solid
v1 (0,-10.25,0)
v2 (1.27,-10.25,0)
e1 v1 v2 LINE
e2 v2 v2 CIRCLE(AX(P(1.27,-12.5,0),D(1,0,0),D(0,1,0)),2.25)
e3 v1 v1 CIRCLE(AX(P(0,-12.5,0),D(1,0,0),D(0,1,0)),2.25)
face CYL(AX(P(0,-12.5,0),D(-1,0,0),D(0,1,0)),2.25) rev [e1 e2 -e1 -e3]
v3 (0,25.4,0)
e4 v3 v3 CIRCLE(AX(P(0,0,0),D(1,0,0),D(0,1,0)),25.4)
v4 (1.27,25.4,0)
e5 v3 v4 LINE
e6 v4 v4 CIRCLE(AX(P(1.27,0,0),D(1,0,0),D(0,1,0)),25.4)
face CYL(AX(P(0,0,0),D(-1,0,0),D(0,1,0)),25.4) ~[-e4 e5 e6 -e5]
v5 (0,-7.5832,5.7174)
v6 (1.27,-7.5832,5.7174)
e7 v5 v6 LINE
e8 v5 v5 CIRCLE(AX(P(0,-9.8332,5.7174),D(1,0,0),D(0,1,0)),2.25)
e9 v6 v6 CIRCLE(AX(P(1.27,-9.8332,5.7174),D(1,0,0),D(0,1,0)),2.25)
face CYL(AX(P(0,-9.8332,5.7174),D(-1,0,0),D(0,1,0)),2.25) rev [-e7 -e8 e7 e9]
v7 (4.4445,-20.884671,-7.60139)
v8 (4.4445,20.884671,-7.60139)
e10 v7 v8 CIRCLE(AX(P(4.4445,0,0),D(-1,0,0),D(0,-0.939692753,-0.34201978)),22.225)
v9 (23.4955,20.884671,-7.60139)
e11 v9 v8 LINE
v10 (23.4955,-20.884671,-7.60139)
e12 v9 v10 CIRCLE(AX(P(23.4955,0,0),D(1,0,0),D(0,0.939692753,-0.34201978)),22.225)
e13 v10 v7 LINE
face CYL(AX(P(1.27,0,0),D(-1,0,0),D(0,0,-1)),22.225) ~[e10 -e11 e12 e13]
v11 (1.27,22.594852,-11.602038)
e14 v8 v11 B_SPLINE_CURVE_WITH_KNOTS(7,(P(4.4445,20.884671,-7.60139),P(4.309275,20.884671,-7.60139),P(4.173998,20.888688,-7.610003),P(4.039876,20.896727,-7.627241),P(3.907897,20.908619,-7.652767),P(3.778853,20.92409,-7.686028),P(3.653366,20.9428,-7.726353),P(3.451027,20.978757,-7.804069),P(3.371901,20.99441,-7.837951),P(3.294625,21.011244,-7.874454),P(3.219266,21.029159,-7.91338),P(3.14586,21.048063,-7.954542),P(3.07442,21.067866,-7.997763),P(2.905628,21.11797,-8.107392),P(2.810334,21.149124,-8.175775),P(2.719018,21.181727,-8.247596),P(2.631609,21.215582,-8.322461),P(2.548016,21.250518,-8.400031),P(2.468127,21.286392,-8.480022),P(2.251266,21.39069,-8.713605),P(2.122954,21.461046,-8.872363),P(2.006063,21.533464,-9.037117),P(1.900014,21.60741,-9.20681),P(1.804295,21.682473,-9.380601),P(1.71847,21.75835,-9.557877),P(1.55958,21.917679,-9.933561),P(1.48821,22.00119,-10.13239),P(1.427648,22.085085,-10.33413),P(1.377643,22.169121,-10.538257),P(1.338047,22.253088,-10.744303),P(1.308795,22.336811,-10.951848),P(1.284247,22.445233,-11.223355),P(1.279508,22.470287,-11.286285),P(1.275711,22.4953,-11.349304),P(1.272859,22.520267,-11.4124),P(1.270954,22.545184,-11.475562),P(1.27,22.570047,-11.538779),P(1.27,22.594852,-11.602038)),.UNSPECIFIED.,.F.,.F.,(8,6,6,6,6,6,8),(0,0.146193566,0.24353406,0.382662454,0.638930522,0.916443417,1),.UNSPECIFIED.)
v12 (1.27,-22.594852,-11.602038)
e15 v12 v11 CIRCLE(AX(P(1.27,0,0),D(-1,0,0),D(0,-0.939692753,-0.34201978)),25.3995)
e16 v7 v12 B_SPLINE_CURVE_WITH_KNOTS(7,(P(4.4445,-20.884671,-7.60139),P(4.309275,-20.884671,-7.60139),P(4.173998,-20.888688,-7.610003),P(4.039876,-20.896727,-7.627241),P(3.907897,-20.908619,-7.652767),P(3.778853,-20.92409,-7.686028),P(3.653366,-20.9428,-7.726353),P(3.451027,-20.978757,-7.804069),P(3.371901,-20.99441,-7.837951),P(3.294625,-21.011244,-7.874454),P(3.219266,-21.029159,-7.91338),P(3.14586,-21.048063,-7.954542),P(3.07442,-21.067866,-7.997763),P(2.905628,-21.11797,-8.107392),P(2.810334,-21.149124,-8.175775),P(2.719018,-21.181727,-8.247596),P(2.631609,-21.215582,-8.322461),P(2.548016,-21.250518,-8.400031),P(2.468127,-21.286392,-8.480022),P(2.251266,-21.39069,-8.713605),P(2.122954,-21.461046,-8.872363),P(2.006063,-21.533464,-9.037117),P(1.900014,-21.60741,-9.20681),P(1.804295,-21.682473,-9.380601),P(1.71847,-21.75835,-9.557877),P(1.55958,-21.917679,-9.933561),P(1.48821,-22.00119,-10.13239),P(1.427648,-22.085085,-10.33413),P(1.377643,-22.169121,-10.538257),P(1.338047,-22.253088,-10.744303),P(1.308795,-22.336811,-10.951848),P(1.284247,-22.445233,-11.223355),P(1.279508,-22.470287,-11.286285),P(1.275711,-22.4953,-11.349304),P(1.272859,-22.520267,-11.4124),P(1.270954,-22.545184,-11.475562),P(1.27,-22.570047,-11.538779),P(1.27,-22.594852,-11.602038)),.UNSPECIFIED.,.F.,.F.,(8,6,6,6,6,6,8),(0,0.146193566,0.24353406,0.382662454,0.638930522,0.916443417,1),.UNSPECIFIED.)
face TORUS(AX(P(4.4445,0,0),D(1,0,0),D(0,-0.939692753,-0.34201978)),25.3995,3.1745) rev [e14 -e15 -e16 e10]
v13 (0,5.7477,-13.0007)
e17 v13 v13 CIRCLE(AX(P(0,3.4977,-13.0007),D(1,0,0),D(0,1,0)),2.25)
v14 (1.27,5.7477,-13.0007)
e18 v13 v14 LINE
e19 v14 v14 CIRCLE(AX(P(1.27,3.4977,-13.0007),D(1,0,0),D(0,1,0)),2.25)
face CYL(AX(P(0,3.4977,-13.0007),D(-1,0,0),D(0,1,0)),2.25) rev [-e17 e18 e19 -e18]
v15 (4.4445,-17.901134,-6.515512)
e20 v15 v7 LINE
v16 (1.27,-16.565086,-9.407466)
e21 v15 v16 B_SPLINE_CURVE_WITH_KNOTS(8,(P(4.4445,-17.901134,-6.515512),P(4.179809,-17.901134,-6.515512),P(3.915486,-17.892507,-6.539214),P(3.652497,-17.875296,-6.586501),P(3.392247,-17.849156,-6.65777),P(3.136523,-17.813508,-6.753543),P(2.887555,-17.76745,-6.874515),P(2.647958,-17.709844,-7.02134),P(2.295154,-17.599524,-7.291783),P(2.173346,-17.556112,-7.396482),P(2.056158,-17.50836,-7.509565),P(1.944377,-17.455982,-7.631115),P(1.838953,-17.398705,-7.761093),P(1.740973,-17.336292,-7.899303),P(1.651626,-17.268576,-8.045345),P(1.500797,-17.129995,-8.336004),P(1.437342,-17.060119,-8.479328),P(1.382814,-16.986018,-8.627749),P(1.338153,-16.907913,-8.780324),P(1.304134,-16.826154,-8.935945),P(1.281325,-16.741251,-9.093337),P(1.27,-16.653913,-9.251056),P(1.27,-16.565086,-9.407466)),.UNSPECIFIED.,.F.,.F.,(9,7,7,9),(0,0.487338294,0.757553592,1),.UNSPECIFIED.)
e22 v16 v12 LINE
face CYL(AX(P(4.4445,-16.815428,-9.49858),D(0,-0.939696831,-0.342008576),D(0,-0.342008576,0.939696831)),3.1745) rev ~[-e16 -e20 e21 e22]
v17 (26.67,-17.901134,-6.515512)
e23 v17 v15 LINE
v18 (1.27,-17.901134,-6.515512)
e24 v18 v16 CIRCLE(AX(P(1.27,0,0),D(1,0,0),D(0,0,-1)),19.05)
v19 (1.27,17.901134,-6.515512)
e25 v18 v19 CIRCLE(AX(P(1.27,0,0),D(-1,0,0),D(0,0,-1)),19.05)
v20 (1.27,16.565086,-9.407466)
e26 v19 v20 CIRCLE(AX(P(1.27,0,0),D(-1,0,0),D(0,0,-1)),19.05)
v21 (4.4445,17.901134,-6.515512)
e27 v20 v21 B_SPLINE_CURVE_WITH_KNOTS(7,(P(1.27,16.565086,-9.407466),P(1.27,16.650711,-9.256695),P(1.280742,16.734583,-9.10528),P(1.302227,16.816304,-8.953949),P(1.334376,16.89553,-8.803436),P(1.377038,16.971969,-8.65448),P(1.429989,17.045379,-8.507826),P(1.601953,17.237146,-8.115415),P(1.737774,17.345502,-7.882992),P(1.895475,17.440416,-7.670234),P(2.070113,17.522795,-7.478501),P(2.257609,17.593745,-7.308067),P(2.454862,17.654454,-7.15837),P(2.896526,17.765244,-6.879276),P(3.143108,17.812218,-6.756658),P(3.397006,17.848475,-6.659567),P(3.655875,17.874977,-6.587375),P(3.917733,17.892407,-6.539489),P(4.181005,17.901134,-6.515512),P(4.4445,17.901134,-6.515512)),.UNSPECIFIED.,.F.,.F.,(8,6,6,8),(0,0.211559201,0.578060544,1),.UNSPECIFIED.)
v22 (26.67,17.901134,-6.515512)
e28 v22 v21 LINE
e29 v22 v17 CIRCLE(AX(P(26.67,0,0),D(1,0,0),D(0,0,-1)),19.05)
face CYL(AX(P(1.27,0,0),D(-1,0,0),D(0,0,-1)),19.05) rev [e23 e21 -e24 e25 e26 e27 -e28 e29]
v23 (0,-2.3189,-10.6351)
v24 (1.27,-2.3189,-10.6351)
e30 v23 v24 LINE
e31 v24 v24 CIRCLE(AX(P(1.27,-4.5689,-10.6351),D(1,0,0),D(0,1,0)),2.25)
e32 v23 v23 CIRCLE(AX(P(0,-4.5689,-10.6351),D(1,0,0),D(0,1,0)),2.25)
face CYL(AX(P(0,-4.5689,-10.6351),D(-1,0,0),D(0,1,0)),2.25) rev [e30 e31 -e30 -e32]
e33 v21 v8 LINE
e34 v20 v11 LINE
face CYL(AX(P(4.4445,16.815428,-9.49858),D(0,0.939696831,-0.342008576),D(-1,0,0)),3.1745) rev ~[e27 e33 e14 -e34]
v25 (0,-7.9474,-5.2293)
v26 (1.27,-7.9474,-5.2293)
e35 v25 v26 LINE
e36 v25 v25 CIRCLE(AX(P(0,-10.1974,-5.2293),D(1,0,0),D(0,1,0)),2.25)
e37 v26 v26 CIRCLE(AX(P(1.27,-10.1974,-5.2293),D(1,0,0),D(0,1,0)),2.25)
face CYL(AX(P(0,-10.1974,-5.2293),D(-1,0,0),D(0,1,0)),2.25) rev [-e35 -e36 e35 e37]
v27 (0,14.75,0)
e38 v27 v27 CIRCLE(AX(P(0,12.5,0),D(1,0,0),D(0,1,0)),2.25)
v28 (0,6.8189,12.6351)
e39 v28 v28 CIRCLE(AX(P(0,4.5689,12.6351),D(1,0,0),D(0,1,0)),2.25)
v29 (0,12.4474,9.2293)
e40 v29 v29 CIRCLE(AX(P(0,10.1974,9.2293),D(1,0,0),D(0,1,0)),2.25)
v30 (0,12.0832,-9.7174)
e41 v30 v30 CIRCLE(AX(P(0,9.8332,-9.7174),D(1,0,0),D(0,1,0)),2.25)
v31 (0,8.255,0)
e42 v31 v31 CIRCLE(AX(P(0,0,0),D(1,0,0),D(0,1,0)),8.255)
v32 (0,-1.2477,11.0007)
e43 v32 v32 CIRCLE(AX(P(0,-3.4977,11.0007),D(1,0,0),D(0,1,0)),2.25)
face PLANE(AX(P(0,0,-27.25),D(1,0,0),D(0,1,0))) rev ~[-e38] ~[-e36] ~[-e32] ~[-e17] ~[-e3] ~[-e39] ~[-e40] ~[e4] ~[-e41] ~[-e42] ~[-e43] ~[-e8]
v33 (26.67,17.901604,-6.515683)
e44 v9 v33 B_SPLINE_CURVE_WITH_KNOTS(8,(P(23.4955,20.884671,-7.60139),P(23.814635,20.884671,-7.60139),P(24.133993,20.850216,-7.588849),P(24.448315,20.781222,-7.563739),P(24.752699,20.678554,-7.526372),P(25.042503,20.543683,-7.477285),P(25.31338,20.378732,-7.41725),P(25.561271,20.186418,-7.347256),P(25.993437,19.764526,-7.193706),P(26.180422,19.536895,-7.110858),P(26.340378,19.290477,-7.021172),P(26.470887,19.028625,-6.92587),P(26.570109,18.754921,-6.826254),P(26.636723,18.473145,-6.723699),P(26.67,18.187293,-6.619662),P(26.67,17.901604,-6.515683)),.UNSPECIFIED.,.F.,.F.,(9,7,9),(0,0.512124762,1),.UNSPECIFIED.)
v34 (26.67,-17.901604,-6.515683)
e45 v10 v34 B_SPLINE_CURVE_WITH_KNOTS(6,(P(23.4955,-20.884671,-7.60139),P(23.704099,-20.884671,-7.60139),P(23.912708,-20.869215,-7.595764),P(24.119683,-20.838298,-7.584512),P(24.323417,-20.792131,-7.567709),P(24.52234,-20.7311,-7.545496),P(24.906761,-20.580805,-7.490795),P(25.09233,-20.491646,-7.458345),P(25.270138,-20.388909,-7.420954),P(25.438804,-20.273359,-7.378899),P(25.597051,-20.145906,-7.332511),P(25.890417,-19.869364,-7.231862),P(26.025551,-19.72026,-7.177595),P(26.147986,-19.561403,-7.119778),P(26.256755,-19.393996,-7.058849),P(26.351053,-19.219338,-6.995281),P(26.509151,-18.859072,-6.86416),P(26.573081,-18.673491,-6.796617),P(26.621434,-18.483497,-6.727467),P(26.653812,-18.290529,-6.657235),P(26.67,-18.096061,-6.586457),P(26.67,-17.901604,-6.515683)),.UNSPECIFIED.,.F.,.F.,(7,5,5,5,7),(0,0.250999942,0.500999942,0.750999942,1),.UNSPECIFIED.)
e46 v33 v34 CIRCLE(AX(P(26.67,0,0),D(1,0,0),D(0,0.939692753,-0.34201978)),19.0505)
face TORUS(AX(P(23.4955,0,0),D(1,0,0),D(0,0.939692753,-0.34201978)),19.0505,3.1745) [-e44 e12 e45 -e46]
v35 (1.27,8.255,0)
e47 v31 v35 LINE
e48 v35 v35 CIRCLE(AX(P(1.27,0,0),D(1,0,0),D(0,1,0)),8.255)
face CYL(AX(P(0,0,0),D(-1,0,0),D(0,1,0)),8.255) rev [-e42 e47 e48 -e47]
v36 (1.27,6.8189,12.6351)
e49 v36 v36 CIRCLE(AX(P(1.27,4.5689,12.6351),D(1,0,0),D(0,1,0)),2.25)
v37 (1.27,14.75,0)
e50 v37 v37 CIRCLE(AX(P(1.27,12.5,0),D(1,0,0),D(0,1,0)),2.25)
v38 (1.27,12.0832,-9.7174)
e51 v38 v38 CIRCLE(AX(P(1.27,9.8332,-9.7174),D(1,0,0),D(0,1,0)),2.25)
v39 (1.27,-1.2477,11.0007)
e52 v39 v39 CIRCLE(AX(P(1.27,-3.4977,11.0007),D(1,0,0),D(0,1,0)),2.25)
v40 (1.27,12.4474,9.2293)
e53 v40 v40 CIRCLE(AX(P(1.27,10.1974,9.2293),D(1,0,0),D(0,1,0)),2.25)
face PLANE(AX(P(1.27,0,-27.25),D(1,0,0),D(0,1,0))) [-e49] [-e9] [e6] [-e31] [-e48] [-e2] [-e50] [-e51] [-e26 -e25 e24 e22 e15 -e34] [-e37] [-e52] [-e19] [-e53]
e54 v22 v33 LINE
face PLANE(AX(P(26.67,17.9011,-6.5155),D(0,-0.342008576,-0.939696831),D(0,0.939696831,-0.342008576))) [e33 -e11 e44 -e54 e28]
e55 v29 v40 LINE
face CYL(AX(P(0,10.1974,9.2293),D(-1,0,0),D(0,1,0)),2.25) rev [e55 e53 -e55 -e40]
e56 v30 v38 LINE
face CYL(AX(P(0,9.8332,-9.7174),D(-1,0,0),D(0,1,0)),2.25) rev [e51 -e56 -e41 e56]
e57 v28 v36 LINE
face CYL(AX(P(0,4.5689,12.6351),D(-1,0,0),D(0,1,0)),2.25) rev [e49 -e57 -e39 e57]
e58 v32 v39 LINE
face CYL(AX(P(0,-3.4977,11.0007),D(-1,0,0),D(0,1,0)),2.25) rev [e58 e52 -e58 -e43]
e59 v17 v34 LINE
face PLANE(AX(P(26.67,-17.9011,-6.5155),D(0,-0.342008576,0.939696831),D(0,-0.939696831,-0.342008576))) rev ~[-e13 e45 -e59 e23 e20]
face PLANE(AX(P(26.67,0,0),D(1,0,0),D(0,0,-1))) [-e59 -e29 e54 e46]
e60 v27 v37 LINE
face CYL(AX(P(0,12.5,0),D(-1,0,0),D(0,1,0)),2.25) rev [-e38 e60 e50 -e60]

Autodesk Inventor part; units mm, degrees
ref_plane "YZ Plane" through (0, 0, 0) normal (1, 0, 0) x (0, 1, 0)
ref_plane "XZ Plane" through (0, 0, 0) normal (0, 1, 0) x (-1, 0, 0)
ref_plane "XY Plane" through (0, 0, 0) normal (0, 0, 1) x (1, 0, 0)
ref_plane "Work Plane2" through (0, 0, -27.25) normal (1, 0, 0) x (0, 1, 0)
sketch "Sketch5" plane through (0, 0, -27.25) normal (1, 0, 0) x (0, 1, 0)
  circle A0 centre (10.1974, 36.4793) radius 2.25 projected
  circle A1 centre (12.5, 27.25) radius 2.25 projected
  circle A2 centre (9.8332, 17.5326) radius 2.25 projected
  circle A3 centre (4.5689, 39.8851) radius 2.25 projected
  circle A4 centre (3.4977, 14.2493) radius 2.25 projected
  circle A5 centre (-4.5689, 16.6149) radius 2.25 projected
  circle A6 centre (-10.1974, 22.0207) radius 2.25 projected
  circle A7 centre (-12.5, 27.25) radius 2.25 projected
  circle A8 centre (-9.8332, 32.9674) radius 2.25 projected
  circle A9 centre (-3.4977, 38.2507) radius 2.25 projected
  circle A10 centre (0, 27.25) radius 25.4
  circle A11 centre (0, 27.25) radius 8.255
  dimension "d16" = 50.8
  dimension "d17" = 16.51
extrude "Extrusion3" add sketch "Sketch5" along normal blind 1.27
sketch "Sketch6" plane through (1.27, 0, 0) normal (1, 0, 0) x (0, 0, -1)
  line L0 (-35.56, 0) -> (35.56, 0) projected
  line L1 (0, -35.56) -> (0, 35.56) projected
  circle A0 centre (0, 0) radius 19.05
  circle A1 centre (0, 0) radius 22.225
  point P0 (0, 0)
  dimension "d20" = 38.1
  dimension "d21" = 3.175
extrude "Extrusion4" add sketch "Sketch6" along normal blind 25.4 contours A0 L1 A1 L0 | L0 A1 L1 A0 | A0 L0 A1 L1 | L1 A1 L0 A0
sketch "Sketch9" plane through (26.67, 0, 0) normal (1, 0, 0) x (0, 0, -1)
  line L0 (35.56, 0) -> (-35.56, 0) projected
  line L1 (0, 0) -> (6.5155, 17.9011) construction
  circle A0 centre (0, 0) radius 22.225 construction
  line L2 (0, 0) -> (6.5155, -17.9011) construction
  arc A1 (7.6014, -20.8847) -> (7.6014, 20.8847) centre (0, 0) ccw
  circle A2 centre (0, 0) radius 19.05 construction
  arc A3 (6.5155, -17.9011) -> (6.5155, 17.9011) centre (0, 0) ccw
  line L3 (6.5155, 17.9011) -> (7.6014, 20.8847)
  line L4 (6.5155, -17.9011) -> (7.6014, -20.8847)
  dimension "d31" = 140
extrude "Extrusion7" cut sketch "Sketch9" against normal up to surface (25.4 mm away)
fillet "Fillet4" radius 3.175 1 edges at (26.67, 0, 22.225)
fillet "Fillet5" radius 3.175 3 edges at (1.27, 0, 22.225) (1.27, 19.3929, -7.0584) (1.27, -19.3929, -7.0584)
properties part number "PulleyCover" material "ABS Plastic"
